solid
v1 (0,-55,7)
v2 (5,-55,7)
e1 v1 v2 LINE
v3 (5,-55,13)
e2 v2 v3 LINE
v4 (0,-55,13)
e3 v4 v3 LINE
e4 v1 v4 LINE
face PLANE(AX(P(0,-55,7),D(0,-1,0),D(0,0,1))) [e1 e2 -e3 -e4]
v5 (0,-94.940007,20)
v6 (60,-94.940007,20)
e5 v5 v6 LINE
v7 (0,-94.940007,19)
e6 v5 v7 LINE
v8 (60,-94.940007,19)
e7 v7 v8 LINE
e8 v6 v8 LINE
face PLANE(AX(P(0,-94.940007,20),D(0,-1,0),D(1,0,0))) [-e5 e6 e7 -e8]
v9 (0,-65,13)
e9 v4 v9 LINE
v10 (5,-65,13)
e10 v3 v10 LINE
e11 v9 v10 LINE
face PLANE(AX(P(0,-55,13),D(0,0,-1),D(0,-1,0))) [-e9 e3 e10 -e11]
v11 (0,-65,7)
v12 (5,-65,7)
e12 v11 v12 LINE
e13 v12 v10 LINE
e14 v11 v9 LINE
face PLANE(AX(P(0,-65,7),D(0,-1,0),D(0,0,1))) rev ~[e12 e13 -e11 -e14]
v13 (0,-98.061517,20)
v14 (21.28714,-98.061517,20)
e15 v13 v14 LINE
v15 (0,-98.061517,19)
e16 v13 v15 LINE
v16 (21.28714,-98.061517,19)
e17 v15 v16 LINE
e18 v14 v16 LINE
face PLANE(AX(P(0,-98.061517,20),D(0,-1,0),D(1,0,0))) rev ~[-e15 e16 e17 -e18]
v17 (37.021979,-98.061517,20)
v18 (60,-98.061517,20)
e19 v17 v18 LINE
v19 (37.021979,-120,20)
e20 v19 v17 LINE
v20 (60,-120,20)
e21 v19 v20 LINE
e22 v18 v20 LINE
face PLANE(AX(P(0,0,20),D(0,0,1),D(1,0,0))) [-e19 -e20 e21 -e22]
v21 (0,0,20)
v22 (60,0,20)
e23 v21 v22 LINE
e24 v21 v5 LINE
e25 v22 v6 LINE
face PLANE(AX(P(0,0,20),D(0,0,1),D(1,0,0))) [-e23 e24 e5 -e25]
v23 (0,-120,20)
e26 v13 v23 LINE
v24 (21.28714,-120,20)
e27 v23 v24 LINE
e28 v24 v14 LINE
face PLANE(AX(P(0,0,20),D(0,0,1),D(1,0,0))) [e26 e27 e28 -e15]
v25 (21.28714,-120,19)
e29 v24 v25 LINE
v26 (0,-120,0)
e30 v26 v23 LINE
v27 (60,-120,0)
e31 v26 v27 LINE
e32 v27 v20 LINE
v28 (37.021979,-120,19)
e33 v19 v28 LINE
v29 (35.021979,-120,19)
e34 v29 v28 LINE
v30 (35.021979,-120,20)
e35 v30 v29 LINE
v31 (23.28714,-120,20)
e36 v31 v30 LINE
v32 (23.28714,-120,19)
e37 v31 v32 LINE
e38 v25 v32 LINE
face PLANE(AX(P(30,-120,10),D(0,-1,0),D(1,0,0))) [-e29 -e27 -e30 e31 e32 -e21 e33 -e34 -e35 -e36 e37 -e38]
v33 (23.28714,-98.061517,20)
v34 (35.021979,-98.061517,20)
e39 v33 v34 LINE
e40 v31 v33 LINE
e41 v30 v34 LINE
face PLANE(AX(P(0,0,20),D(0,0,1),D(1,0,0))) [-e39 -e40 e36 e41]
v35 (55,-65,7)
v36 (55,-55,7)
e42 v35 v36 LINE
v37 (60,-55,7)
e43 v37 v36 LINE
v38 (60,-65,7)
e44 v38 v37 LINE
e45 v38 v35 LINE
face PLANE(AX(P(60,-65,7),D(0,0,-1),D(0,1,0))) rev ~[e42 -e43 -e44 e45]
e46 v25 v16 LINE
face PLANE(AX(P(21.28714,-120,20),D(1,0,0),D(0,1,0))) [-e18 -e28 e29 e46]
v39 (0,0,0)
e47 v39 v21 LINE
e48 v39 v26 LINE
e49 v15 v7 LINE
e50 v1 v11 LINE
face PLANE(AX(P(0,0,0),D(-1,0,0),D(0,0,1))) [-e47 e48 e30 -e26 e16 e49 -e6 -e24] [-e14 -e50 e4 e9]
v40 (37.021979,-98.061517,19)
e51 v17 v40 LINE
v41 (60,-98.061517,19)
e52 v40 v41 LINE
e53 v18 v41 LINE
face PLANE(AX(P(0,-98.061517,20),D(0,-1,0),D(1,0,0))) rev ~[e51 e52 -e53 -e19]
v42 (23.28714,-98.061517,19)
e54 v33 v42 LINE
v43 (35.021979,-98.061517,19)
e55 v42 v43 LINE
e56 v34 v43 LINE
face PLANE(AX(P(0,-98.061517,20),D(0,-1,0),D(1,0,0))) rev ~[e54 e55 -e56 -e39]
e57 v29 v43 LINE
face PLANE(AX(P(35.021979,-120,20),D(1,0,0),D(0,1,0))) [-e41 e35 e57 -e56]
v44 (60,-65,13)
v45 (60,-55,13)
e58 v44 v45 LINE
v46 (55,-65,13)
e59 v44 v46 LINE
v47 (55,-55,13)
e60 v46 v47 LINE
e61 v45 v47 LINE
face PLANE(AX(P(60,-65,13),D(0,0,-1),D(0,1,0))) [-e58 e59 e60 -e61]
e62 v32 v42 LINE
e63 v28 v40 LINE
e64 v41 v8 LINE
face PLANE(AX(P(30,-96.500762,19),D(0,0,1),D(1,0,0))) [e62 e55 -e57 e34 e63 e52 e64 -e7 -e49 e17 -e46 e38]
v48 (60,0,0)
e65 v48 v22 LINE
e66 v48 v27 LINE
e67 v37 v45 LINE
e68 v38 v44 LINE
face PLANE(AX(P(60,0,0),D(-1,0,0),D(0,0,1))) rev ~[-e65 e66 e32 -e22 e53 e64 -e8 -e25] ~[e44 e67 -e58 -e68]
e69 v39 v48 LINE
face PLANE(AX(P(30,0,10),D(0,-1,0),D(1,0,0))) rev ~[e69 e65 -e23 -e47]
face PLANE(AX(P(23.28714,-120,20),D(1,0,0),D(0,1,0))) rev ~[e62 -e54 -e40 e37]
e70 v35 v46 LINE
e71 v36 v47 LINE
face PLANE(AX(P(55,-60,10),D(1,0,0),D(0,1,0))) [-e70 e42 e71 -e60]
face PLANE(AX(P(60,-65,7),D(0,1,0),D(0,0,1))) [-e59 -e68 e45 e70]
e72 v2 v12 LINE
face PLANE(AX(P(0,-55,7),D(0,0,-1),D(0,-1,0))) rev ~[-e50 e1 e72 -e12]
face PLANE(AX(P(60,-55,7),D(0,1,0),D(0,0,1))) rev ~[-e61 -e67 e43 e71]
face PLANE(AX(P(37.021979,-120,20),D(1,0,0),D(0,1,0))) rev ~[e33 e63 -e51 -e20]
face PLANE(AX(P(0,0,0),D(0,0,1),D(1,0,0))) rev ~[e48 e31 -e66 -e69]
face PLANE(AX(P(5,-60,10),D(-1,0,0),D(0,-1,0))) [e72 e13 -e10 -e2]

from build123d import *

# Parameters (mm, degrees)
F0_W     = 60
F0_H     = 20
F1_DEPTH = 120
F2_W     = 60
F2_H     = 3.121510148
F3_DEPTH = 1
F4_W     = 2
F4_H     = 21.938483119
F5_DEPTH = 1
F6_W     = 10
F6_H     = 6
F7_DEPTH = 5
F8_W     = 10
F8_H     = 6
F9_DEPTH = 5


with BuildPart() as f1:
    # F0 (on Front) → F1 (new body)
    with BuildSketch(Plane.XZ):
        with Locations((30, 10)):
            Rectangle(F0_W, F0_H)
    extrude(amount=F1_DEPTH)

    # F2 (on face) → F3 (cut)
    with BuildSketch(Plane.XY.offset(20)):
        with Locations((30, -96.500761807)):
            Rectangle(F2_W, F2_H)
    extrude(amount=-F3_DEPTH, mode=Mode.SUBTRACT)

    # F4 (on face) → F5 (cut)
    with BuildSketch(Plane.XY.offset(20)):
        with Locations((36.0219793618, -109.0307584405)):
            Rectangle(F4_W, F4_H)
        with Locations((22.2871395051, -109.0307584405)):
            Rectangle(F4_W, F4_H)
    extrude(amount=-F5_DEPTH, mode=Mode.SUBTRACT)

    # F6 (on face) → F7 (cut)
    with BuildSketch(Plane.YZ.offset(60)):
        with Locations((-60, 10)):
            Rectangle(F6_W, F6_H)
    extrude(amount=-F7_DEPTH, mode=Mode.SUBTRACT)

    # F8 (on face) → F9 (cut)
    with BuildSketch(Plane(origin=(0, 0, 0), x_dir=(0, -1, 0), z_dir=(-1, 0, 0))):
        with Locations((60, 10)):
            Rectangle(F8_W, F8_H)
    extrude(amount=-F9_DEPTH, mode=Mode.SUBTRACT)


solid = f1.part
